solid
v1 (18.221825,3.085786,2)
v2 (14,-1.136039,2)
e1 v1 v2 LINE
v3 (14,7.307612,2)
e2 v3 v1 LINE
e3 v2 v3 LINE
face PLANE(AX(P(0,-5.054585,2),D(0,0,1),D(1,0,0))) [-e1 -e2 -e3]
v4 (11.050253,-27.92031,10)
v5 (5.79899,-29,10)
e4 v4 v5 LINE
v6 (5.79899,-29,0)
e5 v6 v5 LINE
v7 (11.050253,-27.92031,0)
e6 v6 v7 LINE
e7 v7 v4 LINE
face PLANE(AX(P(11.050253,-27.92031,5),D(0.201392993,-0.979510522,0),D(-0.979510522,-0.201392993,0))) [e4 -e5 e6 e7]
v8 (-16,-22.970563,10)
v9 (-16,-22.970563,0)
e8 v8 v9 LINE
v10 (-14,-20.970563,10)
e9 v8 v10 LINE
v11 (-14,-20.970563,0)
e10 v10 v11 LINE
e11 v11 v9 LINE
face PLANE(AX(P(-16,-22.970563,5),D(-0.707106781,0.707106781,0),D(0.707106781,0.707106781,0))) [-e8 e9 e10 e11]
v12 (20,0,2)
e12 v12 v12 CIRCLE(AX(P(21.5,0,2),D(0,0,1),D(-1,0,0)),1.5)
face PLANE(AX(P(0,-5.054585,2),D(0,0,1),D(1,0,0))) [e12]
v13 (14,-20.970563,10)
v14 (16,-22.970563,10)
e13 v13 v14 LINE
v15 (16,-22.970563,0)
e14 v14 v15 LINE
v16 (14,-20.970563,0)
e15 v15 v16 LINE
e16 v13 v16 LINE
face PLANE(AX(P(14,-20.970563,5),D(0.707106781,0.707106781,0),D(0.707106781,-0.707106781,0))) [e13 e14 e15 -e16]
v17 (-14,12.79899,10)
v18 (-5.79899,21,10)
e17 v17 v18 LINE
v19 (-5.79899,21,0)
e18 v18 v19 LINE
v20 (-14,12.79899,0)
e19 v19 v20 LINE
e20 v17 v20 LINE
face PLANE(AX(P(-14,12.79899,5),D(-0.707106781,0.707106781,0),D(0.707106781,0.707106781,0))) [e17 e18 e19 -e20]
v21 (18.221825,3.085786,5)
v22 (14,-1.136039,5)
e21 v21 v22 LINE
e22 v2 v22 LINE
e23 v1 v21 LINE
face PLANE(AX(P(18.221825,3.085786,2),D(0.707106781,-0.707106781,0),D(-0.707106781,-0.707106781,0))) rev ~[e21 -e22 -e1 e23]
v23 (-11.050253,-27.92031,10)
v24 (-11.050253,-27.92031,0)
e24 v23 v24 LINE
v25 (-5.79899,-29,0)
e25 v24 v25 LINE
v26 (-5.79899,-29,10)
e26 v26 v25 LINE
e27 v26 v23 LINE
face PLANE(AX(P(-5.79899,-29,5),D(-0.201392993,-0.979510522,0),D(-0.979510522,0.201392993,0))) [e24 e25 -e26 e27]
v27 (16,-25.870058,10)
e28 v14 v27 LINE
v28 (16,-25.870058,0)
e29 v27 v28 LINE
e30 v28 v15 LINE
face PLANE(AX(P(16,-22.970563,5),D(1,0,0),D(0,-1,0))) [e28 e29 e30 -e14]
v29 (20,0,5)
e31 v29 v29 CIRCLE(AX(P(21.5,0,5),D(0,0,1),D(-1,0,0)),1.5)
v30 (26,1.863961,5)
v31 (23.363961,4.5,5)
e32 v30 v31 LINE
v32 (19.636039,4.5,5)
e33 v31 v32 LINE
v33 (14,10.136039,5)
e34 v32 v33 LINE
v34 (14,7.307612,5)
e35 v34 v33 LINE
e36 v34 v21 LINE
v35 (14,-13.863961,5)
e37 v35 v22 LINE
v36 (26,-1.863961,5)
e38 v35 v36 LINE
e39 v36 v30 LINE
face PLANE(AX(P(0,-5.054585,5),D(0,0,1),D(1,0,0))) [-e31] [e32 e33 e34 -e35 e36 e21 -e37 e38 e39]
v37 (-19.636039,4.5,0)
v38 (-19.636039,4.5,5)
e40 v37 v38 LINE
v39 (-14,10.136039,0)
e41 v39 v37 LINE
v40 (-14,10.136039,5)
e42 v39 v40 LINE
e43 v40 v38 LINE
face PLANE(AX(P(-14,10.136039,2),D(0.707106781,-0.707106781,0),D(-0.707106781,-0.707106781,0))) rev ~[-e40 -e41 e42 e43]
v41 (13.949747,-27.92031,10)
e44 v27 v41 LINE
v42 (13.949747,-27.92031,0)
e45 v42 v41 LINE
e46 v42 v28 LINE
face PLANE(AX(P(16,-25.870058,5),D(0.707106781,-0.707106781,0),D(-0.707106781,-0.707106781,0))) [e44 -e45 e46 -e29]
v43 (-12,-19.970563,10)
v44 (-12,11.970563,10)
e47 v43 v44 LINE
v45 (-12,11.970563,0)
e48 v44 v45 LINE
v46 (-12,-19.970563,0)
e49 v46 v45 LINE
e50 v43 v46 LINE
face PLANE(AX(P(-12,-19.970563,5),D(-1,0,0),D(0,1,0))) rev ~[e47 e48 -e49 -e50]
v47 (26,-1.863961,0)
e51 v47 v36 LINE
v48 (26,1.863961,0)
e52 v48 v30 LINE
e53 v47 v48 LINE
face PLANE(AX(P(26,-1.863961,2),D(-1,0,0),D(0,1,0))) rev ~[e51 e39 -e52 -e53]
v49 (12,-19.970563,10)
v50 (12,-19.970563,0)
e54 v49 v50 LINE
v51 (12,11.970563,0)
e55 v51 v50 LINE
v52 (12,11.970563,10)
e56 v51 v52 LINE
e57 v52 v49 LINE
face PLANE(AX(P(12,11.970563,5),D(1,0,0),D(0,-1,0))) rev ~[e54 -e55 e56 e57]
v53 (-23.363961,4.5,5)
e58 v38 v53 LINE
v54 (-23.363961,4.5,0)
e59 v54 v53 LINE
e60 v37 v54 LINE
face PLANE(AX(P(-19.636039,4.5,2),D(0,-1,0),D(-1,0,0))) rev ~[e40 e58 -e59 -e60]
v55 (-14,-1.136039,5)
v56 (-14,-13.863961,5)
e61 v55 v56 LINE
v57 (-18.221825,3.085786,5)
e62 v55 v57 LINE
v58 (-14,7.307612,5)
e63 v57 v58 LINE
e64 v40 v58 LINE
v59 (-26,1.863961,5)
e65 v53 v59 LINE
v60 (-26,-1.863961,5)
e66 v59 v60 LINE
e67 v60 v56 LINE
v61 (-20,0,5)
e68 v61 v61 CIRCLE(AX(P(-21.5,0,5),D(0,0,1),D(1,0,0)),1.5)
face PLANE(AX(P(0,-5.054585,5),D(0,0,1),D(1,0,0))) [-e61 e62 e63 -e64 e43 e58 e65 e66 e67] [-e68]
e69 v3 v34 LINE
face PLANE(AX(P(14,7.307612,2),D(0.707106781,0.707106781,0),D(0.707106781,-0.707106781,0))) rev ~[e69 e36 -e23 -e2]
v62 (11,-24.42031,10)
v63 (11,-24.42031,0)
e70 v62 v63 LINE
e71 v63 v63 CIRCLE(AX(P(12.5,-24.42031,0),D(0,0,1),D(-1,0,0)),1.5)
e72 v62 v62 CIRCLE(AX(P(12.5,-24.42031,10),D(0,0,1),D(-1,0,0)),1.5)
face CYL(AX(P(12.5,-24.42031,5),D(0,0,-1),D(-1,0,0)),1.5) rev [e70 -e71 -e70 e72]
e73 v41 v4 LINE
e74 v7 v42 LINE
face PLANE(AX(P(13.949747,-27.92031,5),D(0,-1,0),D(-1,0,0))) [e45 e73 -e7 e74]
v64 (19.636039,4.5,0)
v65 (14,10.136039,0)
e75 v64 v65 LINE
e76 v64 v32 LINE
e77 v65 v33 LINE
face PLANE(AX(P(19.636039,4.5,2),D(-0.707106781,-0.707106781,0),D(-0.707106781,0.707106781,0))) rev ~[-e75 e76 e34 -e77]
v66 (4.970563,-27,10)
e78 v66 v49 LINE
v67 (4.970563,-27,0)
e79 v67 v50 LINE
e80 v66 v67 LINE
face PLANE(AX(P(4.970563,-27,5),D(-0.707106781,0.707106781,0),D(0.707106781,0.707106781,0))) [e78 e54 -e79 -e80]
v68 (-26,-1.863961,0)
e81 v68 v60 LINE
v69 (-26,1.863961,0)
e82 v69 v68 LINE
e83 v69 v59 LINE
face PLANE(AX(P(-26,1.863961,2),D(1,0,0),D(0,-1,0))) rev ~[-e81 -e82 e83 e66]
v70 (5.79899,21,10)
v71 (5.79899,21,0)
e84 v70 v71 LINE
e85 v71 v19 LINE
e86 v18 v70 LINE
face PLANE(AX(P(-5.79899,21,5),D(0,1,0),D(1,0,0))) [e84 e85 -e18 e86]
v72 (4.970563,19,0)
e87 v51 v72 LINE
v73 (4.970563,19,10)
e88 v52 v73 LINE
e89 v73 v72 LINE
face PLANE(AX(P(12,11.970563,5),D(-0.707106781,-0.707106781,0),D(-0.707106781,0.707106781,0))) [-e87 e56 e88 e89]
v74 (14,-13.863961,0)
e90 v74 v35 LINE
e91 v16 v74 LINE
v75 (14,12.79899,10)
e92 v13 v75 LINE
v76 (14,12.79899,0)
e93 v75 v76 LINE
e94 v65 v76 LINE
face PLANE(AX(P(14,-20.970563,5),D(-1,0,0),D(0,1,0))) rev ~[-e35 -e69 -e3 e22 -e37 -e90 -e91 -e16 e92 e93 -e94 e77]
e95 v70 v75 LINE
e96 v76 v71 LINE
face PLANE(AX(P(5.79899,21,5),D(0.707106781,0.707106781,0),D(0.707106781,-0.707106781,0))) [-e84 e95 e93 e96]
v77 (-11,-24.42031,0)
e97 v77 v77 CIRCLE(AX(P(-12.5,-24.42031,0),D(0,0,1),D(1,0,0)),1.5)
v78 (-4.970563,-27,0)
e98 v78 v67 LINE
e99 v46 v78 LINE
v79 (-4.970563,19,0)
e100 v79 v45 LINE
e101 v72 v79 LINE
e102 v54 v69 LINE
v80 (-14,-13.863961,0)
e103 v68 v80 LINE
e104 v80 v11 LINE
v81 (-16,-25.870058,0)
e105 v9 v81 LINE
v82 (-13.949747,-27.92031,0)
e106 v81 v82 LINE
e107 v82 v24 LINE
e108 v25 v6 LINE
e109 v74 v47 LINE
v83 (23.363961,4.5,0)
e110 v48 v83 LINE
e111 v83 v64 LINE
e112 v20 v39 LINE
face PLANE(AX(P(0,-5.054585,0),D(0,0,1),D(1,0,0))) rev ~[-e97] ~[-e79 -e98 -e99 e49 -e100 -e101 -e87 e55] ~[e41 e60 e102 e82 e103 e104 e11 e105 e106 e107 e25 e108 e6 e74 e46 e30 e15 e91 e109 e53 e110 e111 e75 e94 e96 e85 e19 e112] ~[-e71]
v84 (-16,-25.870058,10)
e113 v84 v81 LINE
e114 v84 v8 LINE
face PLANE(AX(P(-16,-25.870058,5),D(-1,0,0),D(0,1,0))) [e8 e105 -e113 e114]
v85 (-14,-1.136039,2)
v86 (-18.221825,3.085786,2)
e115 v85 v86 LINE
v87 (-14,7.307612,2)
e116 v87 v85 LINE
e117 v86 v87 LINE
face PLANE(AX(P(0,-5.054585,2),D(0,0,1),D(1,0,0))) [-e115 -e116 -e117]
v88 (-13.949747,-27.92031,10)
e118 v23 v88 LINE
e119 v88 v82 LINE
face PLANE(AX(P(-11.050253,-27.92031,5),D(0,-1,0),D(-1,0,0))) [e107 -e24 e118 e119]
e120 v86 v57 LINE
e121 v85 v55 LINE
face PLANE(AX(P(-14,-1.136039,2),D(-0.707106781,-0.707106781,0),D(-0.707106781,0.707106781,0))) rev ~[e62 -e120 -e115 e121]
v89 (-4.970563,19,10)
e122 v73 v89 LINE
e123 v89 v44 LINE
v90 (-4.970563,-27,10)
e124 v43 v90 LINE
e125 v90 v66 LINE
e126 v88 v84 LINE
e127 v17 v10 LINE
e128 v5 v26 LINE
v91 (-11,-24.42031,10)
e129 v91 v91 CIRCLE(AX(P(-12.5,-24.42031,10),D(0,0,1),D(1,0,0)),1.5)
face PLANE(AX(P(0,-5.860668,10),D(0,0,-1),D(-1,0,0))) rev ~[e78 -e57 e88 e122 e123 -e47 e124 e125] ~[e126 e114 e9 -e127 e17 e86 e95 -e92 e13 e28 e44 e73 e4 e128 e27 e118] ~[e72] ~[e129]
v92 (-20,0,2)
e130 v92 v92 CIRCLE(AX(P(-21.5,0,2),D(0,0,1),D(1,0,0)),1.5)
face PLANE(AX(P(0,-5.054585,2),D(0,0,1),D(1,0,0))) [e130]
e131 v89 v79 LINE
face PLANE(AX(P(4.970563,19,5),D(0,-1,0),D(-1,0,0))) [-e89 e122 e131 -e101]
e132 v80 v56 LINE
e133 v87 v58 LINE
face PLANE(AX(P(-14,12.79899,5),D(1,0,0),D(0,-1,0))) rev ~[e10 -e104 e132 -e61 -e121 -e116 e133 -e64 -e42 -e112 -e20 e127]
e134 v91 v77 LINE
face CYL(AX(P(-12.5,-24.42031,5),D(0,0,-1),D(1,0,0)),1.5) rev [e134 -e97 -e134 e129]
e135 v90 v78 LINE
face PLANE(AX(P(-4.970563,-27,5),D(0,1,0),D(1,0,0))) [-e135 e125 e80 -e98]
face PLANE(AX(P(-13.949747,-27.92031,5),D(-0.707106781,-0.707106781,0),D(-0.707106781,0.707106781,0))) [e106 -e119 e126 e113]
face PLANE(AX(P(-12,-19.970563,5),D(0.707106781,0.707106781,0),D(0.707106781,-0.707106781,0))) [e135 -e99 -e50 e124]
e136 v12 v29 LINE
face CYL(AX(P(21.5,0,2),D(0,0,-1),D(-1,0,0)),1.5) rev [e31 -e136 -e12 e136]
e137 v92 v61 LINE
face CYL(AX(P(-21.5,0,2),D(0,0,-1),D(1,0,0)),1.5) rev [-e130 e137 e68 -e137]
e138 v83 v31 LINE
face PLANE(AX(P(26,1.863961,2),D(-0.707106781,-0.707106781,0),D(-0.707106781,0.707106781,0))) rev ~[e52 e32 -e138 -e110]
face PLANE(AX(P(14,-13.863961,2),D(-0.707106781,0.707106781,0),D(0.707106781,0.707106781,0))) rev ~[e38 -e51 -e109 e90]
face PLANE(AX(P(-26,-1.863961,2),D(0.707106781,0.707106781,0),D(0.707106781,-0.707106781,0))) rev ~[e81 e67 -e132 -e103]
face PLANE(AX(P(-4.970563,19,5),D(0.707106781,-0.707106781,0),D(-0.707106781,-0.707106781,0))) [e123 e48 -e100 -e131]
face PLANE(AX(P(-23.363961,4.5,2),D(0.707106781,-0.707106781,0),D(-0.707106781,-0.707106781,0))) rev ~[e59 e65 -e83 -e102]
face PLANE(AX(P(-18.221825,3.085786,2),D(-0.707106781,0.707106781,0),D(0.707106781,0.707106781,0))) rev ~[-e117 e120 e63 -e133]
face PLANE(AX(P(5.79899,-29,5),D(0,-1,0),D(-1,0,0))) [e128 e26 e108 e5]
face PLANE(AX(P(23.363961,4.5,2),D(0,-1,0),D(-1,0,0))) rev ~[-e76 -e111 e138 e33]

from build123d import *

# Parameters (mm, degrees)
SKETCH2_R           = 1.5
BOSS_EXTRUDE1_DEPTH = 2
SKETCH5_R           = 1.5
BOSS_EXTRUDE4_DEPTH = 3
SKETCH6_R           = 1.5
BOSS_EXTRUDE5_DEPTH = 5


with BuildPart() as part:
    # Sketch2 → Boss-Extrude1 (new body)
    with BuildSketch(Plane.XY):
        Polygon((-26, -1.863961031), (-23.363961031, -4.5), (-14, -13.863961031), (-14, -20.798989873), (-14, -20.970562748), (-16, -22.970562748), (-16, -25.870057685), (-13.949747468, -27.920310217), (-11.050252532, -27.920310217), (-5.798989873, -29), (5.798989873, -29), (11.050252532, -27.920310217), (13.949747468, -27.920310217), (16, -25.870057685), (16, -22.970562748), (14, -20.970562748), (14, -20.798989873), (14, -13.863961031), (23.363961031, -4.5), (26, -1.863961031), (26, 1.863961031), (23.363961031, 4.5), (19.636038969, 4.5), (14, 10.136038969), (14, 12.798989873), (5.798989873, 21), (-5.798989873, 21), (-14, 12.798989873), (-14, 10.136038969), (-19.636038969, 4.5), (-23.363961031, 4.5), (-26, 1.863961031), align=None)
        with Locations((-12.5, -24.420310217)):
            Circle(SKETCH2_R, mode=Mode.SUBTRACT)
        with Locations((12.5, -24.420310217)):
            Circle(SKETCH2_R, mode=Mode.SUBTRACT)
        Polygon((4.970562748, 19), (-4.970562748, 19), (-12, 11.970562748), (-12, 0), (-12, -19.970562748), (-4.970562748, -27), (4.970562748, -27), (12, -19.970562748), (12, 0), (12, 11.970562748), align=None, mode=Mode.SUBTRACT)
    extrude(amount=BOSS_EXTRUDE1_DEPTH)

    # Sketch5 → Boss-Extrude4 (add)
    with BuildSketch(Plane.XY.offset(2)):
        Polygon((-5.798989873, 21), (-14, 12.798989873), (-14, 10.136038969), (-19.636038969, 4.5), (-23.363961031, 4.5), (-26, 1.863961031), (-26, -1.863961031), (-23.363961031, -4.5), (-14, -13.863961031), (-14, -20.798989873), (-14, -20.970562748), (-16, -22.970562748), (-16, -25.870057685), (-13.949747468, -27.920310217), (-11.050252532, -27.920310217), (-5.798989873, -29), (5.798989873, -29), (11.050252532, -27.920310217), (13.949747468, -27.920310217), (16, -25.870057685), (16, -22.970562748), (14, -20.970562748), (14, -20.798989873), (14, -13.863961031), (23.363961031, -4.5), (26, -1.863961031), (26, 1.863961031), (23.363961031, 4.5), (19.636038969, 4.5), (14, 10.136038969), (14, 12.798989873), (5.798989873, 21), align=None)
        with Locations((-21.5, 0)):
            Circle(SKETCH5_R, mode=Mode.SUBTRACT)
        with Locations((21.5, 0)):
            Circle(SKETCH5_R, mode=Mode.SUBTRACT)
        with Locations((-12.5, -24.420310217)):
            Circle(SKETCH5_R, mode=Mode.SUBTRACT)
        with Locations((12.5, -24.420310217)):
            Circle(SKETCH5_R, mode=Mode.SUBTRACT)
        Polygon((-18.221825407, 3.085786438), (-14, 7.307611845), (-14, 0), (-14, -1.136038969), (-17, 1.863961031), align=None, mode=Mode.SUBTRACT)
        Polygon((4.970562748, -27), (-4.970562748, -27), (-12, -19.970562748), (-12, 0), (-12, 11.970562748), (-4.970562748, 19), (4.970562748, 19), (12, 11.970562748), (12, 0), (12, -19.970562748), align=None, mode=Mode.SUBTRACT)
        Polygon((14, -1.136038969), (14, 0), (14, 7.307611845), (18.221825407, 3.085786438), (17, 1.863961031), align=None, mode=Mode.SUBTRACT)
    extrude(amount=BOSS_EXTRUDE4_DEPTH)

    # Sketch6 → Boss-Extrude5 (add)
    with BuildSketch(Plane.XY.offset(5)):
        Polygon((5.798989873, -29), (-5.798989873, -29), (-11.050252532, -27.920310217), (-13.949747468, -27.920310217), (-16, -25.870057685), (-16, -22.970562748), (-14, -20.970562748), (-14, -20.798989873), (-14, 0), (-14, 12.798989873), (-5.798989873, 21), (5.798989873, 21), (14, 12.798989873), (14, 0), (14, -20.798989873), (14, -20.970562748), (16, -22.970562748), (16, -25.870057685), (13.949747468, -27.920310217), (11.050252532, -27.920310217), align=None)
        with Locations((-12.5, -24.420310217)):
            Circle(SKETCH6_R, mode=Mode.SUBTRACT)
        with Locations((12.5, -24.420310217)):
            Circle(SKETCH6_R, mode=Mode.SUBTRACT)
        Polygon((4.970562748, 19), (-4.970562748, 19), (-12, 11.970562748), (-12, 0), (-12, -19.970562748), (-4.970562748, -27), (4.970562748, -27), (12, -19.970562748), (12, 0), (12, 11.970562748), align=None, mode=Mode.SUBTRACT)
    extrude(amount=BOSS_EXTRUDE5_DEPTH)


solid = part.part
